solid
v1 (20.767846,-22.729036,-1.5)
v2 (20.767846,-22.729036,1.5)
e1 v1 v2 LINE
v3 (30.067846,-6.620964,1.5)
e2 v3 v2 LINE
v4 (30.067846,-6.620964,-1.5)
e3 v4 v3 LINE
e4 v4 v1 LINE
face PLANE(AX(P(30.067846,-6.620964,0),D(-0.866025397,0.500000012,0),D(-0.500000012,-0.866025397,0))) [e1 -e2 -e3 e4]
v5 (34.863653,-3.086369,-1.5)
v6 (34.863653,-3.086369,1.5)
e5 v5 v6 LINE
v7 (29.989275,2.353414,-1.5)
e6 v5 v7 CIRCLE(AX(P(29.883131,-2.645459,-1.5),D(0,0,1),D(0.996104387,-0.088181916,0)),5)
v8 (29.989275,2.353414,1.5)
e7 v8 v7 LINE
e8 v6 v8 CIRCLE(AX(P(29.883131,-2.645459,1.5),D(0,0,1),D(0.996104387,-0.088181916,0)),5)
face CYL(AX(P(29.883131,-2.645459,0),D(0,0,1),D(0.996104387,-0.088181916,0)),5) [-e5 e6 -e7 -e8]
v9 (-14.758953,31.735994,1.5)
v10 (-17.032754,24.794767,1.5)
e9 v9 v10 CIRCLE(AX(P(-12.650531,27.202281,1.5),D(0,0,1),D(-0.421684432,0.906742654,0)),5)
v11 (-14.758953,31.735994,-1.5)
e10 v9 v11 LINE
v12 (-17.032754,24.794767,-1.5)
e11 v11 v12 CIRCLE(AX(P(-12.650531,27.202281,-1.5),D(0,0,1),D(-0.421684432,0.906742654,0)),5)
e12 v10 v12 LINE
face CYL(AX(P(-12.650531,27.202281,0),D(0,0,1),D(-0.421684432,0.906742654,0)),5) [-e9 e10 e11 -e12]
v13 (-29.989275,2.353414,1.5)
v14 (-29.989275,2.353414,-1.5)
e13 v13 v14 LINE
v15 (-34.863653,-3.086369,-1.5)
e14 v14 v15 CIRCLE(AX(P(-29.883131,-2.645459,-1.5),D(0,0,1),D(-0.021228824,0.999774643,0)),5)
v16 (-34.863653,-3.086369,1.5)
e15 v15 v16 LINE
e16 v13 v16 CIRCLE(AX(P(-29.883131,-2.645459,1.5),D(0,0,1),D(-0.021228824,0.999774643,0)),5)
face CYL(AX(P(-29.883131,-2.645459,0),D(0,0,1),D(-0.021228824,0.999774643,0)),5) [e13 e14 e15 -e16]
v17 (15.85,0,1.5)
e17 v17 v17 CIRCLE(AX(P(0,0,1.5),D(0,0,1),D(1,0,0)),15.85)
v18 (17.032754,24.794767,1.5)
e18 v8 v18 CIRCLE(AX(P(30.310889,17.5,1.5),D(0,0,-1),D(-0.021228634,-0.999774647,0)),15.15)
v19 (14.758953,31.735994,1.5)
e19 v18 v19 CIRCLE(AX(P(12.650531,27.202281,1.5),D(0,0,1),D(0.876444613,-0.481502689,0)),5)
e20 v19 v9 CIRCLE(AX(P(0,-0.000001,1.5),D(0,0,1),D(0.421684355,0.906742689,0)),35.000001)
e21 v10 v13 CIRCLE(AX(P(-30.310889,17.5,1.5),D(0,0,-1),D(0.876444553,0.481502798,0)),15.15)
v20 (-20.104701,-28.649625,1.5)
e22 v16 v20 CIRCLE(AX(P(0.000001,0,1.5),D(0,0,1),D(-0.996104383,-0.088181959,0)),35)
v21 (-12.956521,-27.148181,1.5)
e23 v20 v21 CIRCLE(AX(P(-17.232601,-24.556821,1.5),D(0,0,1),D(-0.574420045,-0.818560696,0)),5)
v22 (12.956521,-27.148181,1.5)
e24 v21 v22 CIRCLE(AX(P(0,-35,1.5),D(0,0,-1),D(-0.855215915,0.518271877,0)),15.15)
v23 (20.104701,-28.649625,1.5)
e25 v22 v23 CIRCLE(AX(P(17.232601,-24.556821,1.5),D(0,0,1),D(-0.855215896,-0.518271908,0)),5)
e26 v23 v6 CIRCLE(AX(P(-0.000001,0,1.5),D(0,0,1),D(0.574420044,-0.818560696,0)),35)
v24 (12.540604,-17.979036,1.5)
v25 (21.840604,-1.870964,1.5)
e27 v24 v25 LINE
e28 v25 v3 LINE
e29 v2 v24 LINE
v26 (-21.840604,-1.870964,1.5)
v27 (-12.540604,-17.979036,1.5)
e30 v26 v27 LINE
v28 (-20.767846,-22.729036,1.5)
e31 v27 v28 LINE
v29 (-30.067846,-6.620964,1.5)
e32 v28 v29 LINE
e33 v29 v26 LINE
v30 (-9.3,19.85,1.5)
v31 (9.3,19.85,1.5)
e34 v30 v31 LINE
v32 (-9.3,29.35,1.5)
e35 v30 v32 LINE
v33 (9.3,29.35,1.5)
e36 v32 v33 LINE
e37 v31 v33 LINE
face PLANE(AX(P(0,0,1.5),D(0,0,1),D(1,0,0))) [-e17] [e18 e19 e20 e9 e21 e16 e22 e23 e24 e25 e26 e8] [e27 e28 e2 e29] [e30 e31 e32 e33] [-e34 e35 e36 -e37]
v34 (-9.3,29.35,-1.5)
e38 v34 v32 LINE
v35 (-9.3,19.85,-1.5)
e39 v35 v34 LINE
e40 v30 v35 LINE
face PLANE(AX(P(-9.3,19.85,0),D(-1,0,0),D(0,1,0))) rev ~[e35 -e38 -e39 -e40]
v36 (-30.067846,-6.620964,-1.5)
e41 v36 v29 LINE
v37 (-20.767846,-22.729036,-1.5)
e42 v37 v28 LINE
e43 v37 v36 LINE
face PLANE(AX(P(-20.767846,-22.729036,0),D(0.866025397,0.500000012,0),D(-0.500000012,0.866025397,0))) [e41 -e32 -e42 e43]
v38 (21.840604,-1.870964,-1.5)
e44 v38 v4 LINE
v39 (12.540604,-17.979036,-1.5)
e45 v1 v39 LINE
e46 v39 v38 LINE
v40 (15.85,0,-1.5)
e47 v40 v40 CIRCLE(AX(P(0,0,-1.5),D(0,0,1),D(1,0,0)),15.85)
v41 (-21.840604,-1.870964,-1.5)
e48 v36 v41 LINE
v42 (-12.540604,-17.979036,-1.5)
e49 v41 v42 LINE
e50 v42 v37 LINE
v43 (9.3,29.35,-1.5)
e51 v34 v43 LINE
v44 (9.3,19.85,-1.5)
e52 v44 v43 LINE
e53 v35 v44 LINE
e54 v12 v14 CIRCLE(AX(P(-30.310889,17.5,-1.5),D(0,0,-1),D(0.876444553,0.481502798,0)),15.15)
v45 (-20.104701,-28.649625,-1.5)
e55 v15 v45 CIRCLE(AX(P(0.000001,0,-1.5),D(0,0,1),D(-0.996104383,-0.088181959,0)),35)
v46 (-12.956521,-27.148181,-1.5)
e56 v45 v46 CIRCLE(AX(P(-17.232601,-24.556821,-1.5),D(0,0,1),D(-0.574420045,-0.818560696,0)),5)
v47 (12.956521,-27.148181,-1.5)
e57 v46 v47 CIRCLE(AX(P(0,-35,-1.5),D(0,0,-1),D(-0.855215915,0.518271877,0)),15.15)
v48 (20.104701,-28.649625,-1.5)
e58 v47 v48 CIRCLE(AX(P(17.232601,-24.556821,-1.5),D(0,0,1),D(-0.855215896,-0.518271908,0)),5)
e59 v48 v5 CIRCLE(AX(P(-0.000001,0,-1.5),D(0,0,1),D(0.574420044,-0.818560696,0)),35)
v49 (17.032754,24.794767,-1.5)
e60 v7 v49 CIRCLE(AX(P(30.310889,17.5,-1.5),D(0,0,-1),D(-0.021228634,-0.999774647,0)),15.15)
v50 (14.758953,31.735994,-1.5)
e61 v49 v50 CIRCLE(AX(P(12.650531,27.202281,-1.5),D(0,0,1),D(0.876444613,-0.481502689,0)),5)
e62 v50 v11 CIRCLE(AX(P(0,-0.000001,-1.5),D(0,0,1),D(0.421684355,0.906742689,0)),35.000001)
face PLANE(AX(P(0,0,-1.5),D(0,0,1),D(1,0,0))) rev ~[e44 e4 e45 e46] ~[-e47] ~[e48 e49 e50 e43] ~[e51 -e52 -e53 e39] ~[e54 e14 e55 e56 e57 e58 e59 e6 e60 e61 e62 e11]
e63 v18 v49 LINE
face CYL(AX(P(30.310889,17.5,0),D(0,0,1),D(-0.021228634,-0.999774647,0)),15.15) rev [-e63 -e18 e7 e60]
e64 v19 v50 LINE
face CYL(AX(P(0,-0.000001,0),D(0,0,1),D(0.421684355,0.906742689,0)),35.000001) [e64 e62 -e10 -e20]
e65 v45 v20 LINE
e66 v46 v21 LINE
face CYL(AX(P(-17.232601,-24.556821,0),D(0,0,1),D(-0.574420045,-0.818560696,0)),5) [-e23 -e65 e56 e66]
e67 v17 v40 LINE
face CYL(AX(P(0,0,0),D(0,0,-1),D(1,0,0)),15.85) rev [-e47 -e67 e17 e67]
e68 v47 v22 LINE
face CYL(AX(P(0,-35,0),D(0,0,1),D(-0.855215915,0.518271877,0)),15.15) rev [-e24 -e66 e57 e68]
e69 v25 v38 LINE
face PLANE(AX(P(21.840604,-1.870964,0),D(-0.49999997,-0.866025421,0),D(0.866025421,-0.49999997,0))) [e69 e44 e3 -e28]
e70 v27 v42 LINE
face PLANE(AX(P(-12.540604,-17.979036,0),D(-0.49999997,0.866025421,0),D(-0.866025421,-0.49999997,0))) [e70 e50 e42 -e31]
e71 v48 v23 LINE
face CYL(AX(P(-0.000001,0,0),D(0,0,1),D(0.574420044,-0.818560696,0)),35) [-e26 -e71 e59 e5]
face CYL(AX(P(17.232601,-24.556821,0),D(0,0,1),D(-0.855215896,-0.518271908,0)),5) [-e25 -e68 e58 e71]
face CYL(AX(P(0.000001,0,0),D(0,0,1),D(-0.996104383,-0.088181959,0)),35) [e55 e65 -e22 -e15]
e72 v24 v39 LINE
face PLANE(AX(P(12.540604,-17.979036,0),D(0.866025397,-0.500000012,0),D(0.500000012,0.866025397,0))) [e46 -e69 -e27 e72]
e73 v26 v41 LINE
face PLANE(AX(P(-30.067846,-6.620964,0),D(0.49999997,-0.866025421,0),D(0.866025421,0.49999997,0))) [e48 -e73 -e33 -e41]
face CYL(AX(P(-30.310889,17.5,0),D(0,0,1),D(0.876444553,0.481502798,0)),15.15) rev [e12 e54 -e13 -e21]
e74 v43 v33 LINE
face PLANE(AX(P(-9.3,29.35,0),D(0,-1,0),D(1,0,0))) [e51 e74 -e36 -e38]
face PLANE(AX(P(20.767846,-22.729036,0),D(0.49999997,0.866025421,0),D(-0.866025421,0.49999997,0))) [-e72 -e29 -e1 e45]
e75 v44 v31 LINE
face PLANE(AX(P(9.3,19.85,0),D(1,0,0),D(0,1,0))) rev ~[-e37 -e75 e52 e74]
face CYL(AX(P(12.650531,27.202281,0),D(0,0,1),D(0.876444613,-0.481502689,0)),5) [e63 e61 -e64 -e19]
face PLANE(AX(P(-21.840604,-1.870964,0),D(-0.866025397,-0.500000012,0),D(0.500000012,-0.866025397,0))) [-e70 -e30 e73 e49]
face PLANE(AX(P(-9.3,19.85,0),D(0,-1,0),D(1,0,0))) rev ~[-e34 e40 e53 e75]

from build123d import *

# Parameters (mm, degrees)
F0_R     = 15.85
F0_W     = 18.6
F0_H     = 9.5
F1_DEPTH = 1.5


with BuildPart() as f1:
    # F0 (on Top) → F1 (new body, symmetric)
    with BuildSketch(Plane.XY):
        with BuildLine():
            ThreePointArc((-29.989275, 2.353414), (-33.606886, 0.691253), (-34.863653, -3.086369))
            ThreePointArc((-34.863653, -3.086369), (-30.310889, -17.5), (-20.104701, -28.649625))
            ThreePointArc((-20.104701, -28.649625), (-16.2048, -29.450044), (-12.956521, -27.148181))
            ThreePointArc((-12.956521, -27.148181), (0, -19.85), (12.956521, -27.148181))
            ThreePointArc((12.956521, -27.148181), (16.2048, -29.450044), (20.104701, -28.649625))
            ThreePointArc((20.104701, -28.649625), (30.310889, -17.5), (34.863653, -3.086369))
            ThreePointArc((34.863653, -3.086369), (33.606886, 0.691253), (29.989275, 2.353414))
            ThreePointArc((29.989275, 2.353414), (17.190604, 9.925), (17.032754, 24.794767))
            ThreePointArc((17.032754, 24.794767), (17.402086, 28.758791), (14.758953, 31.735994))
            ThreePointArc((14.758953, 31.735994), (0, 35), (-14.758953, 31.735994))
            ThreePointArc((-14.758953, 31.735994), (-17.402086, 28.758791), (-17.032754, 24.794767))
            ThreePointArc((-17.032754, 24.794767), (-17.190604, 9.925), (-29.989275, 2.353414))
        make_face()
        Polygon((-20.767846, -22.729036), (-30.067846, -6.620964), (-21.840604, -1.870964), (-12.540604, -17.979036), align=None, mode=Mode.SUBTRACT)
        Circle(F0_R, mode=Mode.SUBTRACT)
        Polygon((30.067846, -6.620964), (20.767846, -22.729036), (12.540604, -17.979036), (21.840604, -1.870964), align=None, mode=Mode.SUBTRACT)
        with Locations((0, 24.6)):
            Rectangle(F0_W, F0_H, mode=Mode.SUBTRACT)
    extrude(amount=F1_DEPTH, both=True)


solid = f1.part
